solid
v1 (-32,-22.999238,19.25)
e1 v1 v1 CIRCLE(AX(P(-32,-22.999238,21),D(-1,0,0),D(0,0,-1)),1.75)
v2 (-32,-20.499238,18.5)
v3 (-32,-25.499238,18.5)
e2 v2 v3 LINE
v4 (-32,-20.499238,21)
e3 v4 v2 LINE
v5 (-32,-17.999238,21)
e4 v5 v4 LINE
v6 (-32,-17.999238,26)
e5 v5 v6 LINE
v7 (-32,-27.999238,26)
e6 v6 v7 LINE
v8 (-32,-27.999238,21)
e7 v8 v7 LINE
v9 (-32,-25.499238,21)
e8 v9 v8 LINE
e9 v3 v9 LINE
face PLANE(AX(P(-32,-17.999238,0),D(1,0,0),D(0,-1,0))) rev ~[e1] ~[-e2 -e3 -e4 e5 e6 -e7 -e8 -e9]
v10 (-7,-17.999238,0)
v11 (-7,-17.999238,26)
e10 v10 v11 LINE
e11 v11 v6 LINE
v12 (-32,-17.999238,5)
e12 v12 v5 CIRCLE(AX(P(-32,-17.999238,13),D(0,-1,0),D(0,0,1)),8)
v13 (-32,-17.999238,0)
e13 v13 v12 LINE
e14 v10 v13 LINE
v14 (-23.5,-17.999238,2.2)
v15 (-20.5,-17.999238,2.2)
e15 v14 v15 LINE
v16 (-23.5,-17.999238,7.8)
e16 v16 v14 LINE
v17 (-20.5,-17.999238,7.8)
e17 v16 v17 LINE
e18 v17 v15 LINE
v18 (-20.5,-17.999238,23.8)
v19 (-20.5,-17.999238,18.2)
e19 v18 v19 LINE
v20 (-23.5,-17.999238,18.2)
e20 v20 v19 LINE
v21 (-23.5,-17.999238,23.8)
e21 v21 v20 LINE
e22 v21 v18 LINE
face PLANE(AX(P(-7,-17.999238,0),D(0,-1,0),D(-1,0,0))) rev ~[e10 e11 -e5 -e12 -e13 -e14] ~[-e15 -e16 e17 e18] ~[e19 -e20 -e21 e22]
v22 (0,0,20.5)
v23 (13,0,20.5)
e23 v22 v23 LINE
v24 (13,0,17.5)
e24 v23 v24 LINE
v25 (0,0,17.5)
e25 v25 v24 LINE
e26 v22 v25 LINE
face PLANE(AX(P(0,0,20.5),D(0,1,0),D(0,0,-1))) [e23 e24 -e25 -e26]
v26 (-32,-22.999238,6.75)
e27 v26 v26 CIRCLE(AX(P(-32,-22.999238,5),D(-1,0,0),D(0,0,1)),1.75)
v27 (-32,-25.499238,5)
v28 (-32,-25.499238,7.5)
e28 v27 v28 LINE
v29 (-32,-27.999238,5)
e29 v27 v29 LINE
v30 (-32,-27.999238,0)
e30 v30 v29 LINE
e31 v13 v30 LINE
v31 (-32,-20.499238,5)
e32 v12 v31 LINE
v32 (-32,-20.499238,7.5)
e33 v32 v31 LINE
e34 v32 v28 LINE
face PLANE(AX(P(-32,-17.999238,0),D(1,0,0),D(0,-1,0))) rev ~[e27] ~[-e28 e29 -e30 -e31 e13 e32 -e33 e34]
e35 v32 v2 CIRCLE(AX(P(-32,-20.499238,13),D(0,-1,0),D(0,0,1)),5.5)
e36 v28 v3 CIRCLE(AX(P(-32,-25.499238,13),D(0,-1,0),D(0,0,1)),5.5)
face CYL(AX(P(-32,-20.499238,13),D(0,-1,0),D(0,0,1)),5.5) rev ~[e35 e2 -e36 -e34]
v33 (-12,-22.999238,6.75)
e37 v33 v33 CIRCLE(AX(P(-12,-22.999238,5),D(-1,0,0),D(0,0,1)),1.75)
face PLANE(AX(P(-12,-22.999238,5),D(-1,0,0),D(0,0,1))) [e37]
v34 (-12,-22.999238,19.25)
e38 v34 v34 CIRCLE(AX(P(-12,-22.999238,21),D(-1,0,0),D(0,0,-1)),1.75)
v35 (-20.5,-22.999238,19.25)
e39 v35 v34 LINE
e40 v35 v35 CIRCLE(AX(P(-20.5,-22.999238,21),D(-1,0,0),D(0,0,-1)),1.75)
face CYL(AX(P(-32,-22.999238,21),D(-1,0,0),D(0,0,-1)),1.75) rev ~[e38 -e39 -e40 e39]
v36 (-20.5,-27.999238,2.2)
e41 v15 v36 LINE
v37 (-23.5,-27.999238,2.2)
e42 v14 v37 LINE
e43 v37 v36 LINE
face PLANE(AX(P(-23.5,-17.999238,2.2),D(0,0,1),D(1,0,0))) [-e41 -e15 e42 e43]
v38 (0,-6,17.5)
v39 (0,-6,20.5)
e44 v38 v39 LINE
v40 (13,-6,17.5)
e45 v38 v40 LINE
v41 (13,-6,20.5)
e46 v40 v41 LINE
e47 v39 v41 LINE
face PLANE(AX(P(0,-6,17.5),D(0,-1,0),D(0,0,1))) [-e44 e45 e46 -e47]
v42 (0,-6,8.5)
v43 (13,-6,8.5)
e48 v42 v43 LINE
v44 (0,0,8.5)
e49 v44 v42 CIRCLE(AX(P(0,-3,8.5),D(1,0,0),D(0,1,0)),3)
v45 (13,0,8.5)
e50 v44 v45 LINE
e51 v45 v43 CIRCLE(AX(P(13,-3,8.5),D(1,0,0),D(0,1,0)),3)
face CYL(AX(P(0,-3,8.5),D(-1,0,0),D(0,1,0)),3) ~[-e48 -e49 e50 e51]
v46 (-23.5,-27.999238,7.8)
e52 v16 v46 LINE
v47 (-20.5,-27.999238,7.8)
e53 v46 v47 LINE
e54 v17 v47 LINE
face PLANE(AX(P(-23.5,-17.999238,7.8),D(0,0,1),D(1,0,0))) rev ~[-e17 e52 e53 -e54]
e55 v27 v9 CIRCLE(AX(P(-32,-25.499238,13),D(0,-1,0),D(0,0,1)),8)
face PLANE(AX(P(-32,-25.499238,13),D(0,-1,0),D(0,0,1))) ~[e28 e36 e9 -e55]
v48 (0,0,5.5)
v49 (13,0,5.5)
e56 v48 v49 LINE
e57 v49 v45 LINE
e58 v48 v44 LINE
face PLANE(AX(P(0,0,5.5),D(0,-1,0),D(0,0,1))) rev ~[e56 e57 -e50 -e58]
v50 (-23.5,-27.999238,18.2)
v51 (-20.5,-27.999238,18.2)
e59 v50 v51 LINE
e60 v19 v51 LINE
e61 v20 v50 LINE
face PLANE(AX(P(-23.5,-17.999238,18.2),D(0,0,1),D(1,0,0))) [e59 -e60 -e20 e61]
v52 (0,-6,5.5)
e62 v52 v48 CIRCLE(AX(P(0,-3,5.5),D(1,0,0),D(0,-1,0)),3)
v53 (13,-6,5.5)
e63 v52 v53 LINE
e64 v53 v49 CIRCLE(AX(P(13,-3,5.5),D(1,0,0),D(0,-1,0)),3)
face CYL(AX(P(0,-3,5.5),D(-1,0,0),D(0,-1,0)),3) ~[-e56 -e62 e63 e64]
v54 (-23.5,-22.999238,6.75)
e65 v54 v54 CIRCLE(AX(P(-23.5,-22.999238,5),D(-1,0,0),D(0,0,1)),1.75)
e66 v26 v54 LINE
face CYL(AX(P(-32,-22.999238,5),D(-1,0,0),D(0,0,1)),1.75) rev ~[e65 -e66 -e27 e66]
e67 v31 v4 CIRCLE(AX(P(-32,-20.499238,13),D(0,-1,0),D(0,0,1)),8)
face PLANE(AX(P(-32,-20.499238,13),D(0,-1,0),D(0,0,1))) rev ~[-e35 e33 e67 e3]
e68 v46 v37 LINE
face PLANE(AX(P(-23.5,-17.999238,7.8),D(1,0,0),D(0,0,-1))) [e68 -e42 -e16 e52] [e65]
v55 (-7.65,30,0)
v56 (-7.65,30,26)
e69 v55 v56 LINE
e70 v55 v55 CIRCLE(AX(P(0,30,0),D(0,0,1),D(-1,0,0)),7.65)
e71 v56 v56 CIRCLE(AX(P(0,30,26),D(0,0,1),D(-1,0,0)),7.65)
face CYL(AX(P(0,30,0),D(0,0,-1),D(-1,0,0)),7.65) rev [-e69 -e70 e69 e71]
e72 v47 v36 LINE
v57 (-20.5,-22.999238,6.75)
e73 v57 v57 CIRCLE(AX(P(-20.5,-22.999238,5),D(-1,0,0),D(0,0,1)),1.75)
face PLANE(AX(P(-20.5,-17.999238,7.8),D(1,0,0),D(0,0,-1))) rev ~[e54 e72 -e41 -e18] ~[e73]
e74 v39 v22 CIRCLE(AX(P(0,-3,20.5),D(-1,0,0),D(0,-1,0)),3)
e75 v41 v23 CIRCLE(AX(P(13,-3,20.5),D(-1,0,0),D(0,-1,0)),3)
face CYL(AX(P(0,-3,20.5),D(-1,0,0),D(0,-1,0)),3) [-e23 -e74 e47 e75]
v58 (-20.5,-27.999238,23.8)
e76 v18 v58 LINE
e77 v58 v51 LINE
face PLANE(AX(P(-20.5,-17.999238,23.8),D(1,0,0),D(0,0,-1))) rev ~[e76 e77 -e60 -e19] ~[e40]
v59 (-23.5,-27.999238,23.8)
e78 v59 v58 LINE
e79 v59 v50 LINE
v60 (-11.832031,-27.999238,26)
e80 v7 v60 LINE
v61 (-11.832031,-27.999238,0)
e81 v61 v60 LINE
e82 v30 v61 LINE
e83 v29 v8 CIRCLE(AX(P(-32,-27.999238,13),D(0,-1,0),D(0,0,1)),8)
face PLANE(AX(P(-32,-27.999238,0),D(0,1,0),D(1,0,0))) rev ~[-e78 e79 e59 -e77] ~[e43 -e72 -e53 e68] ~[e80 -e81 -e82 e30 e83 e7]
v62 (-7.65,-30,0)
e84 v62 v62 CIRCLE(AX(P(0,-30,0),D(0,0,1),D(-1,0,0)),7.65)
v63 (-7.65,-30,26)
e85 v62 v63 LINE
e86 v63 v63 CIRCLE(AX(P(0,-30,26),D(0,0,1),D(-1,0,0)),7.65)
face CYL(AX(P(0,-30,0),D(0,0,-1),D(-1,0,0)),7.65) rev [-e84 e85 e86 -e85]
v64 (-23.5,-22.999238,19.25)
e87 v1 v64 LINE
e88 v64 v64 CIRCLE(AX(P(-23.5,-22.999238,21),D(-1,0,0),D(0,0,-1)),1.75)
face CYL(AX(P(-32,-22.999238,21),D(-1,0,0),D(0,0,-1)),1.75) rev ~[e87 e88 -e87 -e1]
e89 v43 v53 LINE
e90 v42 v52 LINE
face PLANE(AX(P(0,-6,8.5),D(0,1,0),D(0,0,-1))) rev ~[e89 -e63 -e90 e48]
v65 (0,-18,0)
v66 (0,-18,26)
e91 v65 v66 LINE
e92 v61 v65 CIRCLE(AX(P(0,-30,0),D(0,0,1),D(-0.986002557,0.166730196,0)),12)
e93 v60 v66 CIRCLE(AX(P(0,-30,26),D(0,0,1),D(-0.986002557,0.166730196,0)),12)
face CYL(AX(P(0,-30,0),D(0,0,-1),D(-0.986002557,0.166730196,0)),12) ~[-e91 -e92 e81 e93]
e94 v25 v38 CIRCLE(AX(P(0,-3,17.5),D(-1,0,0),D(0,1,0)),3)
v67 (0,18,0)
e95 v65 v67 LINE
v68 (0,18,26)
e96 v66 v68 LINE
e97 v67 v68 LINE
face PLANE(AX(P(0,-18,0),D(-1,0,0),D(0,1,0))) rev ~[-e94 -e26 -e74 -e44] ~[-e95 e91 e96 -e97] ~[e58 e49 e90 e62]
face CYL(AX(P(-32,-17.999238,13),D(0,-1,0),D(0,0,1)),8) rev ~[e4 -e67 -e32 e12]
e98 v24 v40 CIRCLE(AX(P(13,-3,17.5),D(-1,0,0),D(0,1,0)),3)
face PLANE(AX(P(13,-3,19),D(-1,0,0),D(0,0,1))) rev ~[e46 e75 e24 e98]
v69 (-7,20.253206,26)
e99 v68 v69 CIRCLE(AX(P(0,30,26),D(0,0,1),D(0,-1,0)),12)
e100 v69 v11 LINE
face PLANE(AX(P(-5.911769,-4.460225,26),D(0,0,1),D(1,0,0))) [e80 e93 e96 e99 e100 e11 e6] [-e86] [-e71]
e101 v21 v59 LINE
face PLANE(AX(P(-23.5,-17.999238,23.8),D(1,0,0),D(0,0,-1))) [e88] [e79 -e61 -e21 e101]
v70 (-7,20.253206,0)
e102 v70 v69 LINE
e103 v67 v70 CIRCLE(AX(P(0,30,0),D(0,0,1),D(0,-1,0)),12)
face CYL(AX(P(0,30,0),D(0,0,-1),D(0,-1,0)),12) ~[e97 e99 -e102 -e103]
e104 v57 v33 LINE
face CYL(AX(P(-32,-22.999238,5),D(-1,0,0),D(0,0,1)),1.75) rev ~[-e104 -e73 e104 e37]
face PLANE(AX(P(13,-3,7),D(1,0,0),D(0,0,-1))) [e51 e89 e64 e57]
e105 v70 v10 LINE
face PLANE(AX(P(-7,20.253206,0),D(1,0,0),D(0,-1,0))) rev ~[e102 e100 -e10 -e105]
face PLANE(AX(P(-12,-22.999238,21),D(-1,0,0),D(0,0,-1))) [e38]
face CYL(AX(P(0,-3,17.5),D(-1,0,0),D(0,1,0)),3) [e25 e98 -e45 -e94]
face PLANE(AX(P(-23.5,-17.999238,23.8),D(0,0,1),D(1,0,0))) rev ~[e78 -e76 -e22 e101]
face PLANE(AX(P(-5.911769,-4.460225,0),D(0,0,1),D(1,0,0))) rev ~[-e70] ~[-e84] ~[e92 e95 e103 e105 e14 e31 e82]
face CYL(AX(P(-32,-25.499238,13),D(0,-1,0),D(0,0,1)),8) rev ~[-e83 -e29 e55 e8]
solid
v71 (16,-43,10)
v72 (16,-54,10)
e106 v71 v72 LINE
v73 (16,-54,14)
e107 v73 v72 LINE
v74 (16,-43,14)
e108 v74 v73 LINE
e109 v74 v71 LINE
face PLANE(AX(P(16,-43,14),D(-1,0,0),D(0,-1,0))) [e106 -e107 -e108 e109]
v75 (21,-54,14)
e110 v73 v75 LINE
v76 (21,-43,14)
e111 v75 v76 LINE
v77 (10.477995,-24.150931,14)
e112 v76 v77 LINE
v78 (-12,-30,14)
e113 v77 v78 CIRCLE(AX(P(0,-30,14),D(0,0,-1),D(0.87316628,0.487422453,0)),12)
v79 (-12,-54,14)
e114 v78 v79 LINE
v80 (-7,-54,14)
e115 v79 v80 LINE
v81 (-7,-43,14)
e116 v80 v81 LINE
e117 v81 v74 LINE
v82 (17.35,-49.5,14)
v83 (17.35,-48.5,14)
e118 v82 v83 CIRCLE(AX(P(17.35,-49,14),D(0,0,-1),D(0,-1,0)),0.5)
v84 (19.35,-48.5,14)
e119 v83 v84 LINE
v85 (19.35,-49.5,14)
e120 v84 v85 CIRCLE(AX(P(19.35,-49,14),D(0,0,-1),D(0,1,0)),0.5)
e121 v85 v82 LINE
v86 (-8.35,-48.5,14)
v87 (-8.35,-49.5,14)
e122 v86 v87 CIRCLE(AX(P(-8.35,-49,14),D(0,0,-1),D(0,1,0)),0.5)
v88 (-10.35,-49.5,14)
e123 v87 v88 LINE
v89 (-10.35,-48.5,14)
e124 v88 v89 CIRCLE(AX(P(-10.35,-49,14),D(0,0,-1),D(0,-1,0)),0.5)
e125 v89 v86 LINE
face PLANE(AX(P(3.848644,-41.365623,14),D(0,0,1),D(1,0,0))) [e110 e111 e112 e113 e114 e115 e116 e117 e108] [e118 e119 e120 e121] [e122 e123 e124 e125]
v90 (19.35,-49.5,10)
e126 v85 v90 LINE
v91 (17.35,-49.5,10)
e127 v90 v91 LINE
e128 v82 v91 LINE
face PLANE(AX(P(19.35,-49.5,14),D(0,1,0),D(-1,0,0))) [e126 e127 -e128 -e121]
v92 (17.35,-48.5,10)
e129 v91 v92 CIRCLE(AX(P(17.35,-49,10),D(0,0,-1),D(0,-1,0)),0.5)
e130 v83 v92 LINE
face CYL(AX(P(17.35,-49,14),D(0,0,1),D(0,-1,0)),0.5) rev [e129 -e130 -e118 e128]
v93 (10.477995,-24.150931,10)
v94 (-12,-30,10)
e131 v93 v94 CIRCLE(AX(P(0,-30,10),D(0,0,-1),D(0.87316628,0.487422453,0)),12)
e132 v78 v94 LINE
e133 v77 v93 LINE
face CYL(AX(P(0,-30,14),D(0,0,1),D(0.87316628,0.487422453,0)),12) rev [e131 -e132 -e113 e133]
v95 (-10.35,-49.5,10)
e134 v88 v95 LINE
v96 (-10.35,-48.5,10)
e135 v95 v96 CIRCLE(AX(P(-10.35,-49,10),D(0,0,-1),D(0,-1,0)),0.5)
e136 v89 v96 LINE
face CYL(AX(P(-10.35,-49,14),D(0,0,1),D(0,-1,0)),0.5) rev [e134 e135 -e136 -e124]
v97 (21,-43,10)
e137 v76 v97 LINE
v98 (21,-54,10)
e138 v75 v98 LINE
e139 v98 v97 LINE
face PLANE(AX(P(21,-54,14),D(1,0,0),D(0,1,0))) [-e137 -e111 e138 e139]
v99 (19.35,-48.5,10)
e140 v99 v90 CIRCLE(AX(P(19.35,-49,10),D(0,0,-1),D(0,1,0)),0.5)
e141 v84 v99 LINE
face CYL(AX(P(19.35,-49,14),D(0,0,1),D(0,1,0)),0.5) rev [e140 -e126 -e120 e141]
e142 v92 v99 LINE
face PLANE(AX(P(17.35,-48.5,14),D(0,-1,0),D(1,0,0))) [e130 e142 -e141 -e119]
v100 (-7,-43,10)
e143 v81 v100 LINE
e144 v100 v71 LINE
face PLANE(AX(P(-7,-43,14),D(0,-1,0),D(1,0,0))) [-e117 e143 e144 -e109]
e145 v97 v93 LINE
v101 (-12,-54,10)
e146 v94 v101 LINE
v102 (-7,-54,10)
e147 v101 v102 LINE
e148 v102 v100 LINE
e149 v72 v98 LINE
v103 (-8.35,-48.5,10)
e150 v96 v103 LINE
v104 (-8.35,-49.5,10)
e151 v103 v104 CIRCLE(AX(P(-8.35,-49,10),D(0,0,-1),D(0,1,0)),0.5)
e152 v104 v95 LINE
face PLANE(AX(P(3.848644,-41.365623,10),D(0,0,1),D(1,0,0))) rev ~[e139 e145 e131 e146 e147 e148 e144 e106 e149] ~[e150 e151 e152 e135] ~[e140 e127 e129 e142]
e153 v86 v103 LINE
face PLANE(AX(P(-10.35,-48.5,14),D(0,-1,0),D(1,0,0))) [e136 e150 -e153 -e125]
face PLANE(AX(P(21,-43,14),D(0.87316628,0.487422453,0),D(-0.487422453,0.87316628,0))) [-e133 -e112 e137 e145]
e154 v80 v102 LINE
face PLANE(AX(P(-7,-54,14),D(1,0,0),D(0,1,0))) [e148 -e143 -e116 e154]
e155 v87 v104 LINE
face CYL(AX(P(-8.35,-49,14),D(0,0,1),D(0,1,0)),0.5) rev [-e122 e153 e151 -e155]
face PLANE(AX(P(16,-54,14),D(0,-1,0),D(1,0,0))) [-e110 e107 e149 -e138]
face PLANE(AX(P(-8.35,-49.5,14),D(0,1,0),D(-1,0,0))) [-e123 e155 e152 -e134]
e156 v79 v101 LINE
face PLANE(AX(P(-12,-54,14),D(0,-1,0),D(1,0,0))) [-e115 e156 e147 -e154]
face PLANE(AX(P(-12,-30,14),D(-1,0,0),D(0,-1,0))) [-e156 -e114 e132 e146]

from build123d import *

# Parameters (mm, degrees)
ESBO_O1_R                = 7.65
RESSALTO_EXTRUS_O1_DEPTH = 26
ESBO_O4_R                = 1.75
CORTE_EXTRUS_O1_DEPTH    = 20
ESBO_O5_W                = 3
ESBO_O5_H                = 5.6
CORTE_EXTRUS_O2_DEPTH    = 25
RESSALTO_EXTRUS_O2_DEPTH = 13
RESSALTO_EXTRUS_O3_START = -12
RESSALTO_EXTRUS_O3_DEPTH = 4


with BuildPart() as part:
    # Esboço1 → Ressalto-extrusão1 (new body)
    with BuildSketch(Plane.XY):
        with BuildLine():
            Line((-7, 20.253205655), (-7, -17.999237653))
            Line((-7, -17.999237653), (-32, -17.999237653))
            Line((-32, -17.999237653), (-32, -27.999237653))
            Line((-32, -27.999237653), (-11.832030681, -27.999237653))
            ThreePointArc((-11.832030681, -27.999237653), (7.745671431, -39.165400923), (0, -18))
            Line((0, -18), (0, 18))
            ThreePointArc((0, 18), (3.676851089, 41.422817781), (-7, 20.253205655))
        make_face()
        with Locations(Location((0, 30, 0), (0, 0, 180))):
            Circle(ESBO_O1_R, mode=Mode.SUBTRACT)
        with Locations(Location((0, -30, 0), (0, 0, 180))):
            Circle(ESBO_O1_R, mode=Mode.SUBTRACT)
    extrude(amount=RESSALTO_EXTRUS_O1_DEPTH)

    # Esboço3 → Corte-Revolução1 (revolve, cut)
    with BuildSketch(Plane.ZY.offset(32)):
        Polygon((13, -17.999237653), (21, -17.999237653), (21, -20.499237653), (18.5, -20.499237653), (18.5, -25.499237653), (21, -25.499237653), (21, -27.999237653), (13, -27.999237653), align=None)
    revolve(axis=Axis((-32, -17.999237653, 13), (0, -1, 0)), mode=Mode.SUBTRACT)

    # Esboço4 → Corte-extrusão1 (cut)
    with BuildSketch(Plane.ZY.offset(32)):
        with Locations((5, -22.999237653)):
            Circle(ESBO_O4_R)
        with Locations(Location((21, -22.999237653, 0), (0, 0, 180))):
            Circle(ESBO_O4_R)
    extrude(amount=-CORTE_EXTRUS_O1_DEPTH, mode=Mode.SUBTRACT)

    # Esboço5 → Corte-extrusão2 (cut)
    with BuildSketch(Plane(origin=(0, -17.999237653, 0), x_dir=(1, 0, 0), z_dir=(0, 1, 0))):
        with Locations((-22, -5)):
            Rectangle(ESBO_O5_W, ESBO_O5_H)
        with Locations((-22, -21)):
            Rectangle(ESBO_O5_W, ESBO_O5_H)
    extrude(amount=-CORTE_EXTRUS_O2_DEPTH, mode=Mode.SUBTRACT)

    # Esboço6 → Ressalto-extrusão2 (add)
    with BuildSketch(Plane(origin=(0, 0, 0), x_dir=(0, 0, -1), z_dir=(1, 0, 0))):
        with BuildLine():
            Line((-17.5, -6), (-20.5, -6))
            ThreePointArc((-20.5, -6), (-23.5, -3), (-20.5, 0))
            Line((-20.5, 0), (-17.5, 0))
            ThreePointArc((-17.5, 0), (-14.5, -3), (-17.5, -6))
        make_face()
        with BuildLine():
            Line((-8.5, -6), (-5.5, -6))
            ThreePointArc((-5.5, -6), (-2.5, -3), (-5.5, 0))
            Line((-5.5, 0), (-8.5, 0))
            ThreePointArc((-8.5, 0), (-11.5, -3), (-8.5, -6))
        make_face()
    extrude(amount=RESSALTO_EXTRUS_O2_DEPTH)


with BuildPart() as body_2:
    # Esboço7 → Ressalto-extrusão3 (new body)
    with BuildSketch(Plane.XY.offset(26).offset(RESSALTO_EXTRUS_O3_START)):
        with BuildLine():
            ThreePointArc((10.477995362, -24.15093057), (3.021924524, -41.613267076), (-12, -30))
            Line((-12, -30), (-12, -54))
            Line((-12, -54), (-7, -54))
            Line((-7, -54), (-7, -43))
            Line((-7, -43), (16, -43))
            Line((16, -43), (16, -54))
            Line((16, -54), (21, -54))
            Line((21, -54), (21, -43))
            Line((21, -43), (10.477995362, -24.15093057))
        make_face()
        with BuildLine():
            ThreePointArc((-10.35, -49.5), (-10.85, -49), (-10.35, -48.5))
            Line((-10.35, -48.5), (-8.35, -48.5))
            ThreePointArc((-8.35, -48.5), (-7.85, -49), (-8.35, -49.5))
            Line((-8.35, -49.5), (-10.35, -49.5))
        make_face(mode=Mode.SUBTRACT)
        with BuildLine():
            ThreePointArc((19.35, -48.5), (19.85, -49), (19.35, -49.5))
            Line((19.35, -49.5), (17.35, -49.5))
            ThreePointArc((17.35, -49.5), (16.85, -49), (17.35, -48.5))
            Line((17.35, -48.5), (19.35, -48.5))
        make_face(mode=Mode.SUBTRACT)
    extrude(amount=-RESSALTO_EXTRUS_O3_DEPTH)


solid = Compound([part.part, body_2.part])
